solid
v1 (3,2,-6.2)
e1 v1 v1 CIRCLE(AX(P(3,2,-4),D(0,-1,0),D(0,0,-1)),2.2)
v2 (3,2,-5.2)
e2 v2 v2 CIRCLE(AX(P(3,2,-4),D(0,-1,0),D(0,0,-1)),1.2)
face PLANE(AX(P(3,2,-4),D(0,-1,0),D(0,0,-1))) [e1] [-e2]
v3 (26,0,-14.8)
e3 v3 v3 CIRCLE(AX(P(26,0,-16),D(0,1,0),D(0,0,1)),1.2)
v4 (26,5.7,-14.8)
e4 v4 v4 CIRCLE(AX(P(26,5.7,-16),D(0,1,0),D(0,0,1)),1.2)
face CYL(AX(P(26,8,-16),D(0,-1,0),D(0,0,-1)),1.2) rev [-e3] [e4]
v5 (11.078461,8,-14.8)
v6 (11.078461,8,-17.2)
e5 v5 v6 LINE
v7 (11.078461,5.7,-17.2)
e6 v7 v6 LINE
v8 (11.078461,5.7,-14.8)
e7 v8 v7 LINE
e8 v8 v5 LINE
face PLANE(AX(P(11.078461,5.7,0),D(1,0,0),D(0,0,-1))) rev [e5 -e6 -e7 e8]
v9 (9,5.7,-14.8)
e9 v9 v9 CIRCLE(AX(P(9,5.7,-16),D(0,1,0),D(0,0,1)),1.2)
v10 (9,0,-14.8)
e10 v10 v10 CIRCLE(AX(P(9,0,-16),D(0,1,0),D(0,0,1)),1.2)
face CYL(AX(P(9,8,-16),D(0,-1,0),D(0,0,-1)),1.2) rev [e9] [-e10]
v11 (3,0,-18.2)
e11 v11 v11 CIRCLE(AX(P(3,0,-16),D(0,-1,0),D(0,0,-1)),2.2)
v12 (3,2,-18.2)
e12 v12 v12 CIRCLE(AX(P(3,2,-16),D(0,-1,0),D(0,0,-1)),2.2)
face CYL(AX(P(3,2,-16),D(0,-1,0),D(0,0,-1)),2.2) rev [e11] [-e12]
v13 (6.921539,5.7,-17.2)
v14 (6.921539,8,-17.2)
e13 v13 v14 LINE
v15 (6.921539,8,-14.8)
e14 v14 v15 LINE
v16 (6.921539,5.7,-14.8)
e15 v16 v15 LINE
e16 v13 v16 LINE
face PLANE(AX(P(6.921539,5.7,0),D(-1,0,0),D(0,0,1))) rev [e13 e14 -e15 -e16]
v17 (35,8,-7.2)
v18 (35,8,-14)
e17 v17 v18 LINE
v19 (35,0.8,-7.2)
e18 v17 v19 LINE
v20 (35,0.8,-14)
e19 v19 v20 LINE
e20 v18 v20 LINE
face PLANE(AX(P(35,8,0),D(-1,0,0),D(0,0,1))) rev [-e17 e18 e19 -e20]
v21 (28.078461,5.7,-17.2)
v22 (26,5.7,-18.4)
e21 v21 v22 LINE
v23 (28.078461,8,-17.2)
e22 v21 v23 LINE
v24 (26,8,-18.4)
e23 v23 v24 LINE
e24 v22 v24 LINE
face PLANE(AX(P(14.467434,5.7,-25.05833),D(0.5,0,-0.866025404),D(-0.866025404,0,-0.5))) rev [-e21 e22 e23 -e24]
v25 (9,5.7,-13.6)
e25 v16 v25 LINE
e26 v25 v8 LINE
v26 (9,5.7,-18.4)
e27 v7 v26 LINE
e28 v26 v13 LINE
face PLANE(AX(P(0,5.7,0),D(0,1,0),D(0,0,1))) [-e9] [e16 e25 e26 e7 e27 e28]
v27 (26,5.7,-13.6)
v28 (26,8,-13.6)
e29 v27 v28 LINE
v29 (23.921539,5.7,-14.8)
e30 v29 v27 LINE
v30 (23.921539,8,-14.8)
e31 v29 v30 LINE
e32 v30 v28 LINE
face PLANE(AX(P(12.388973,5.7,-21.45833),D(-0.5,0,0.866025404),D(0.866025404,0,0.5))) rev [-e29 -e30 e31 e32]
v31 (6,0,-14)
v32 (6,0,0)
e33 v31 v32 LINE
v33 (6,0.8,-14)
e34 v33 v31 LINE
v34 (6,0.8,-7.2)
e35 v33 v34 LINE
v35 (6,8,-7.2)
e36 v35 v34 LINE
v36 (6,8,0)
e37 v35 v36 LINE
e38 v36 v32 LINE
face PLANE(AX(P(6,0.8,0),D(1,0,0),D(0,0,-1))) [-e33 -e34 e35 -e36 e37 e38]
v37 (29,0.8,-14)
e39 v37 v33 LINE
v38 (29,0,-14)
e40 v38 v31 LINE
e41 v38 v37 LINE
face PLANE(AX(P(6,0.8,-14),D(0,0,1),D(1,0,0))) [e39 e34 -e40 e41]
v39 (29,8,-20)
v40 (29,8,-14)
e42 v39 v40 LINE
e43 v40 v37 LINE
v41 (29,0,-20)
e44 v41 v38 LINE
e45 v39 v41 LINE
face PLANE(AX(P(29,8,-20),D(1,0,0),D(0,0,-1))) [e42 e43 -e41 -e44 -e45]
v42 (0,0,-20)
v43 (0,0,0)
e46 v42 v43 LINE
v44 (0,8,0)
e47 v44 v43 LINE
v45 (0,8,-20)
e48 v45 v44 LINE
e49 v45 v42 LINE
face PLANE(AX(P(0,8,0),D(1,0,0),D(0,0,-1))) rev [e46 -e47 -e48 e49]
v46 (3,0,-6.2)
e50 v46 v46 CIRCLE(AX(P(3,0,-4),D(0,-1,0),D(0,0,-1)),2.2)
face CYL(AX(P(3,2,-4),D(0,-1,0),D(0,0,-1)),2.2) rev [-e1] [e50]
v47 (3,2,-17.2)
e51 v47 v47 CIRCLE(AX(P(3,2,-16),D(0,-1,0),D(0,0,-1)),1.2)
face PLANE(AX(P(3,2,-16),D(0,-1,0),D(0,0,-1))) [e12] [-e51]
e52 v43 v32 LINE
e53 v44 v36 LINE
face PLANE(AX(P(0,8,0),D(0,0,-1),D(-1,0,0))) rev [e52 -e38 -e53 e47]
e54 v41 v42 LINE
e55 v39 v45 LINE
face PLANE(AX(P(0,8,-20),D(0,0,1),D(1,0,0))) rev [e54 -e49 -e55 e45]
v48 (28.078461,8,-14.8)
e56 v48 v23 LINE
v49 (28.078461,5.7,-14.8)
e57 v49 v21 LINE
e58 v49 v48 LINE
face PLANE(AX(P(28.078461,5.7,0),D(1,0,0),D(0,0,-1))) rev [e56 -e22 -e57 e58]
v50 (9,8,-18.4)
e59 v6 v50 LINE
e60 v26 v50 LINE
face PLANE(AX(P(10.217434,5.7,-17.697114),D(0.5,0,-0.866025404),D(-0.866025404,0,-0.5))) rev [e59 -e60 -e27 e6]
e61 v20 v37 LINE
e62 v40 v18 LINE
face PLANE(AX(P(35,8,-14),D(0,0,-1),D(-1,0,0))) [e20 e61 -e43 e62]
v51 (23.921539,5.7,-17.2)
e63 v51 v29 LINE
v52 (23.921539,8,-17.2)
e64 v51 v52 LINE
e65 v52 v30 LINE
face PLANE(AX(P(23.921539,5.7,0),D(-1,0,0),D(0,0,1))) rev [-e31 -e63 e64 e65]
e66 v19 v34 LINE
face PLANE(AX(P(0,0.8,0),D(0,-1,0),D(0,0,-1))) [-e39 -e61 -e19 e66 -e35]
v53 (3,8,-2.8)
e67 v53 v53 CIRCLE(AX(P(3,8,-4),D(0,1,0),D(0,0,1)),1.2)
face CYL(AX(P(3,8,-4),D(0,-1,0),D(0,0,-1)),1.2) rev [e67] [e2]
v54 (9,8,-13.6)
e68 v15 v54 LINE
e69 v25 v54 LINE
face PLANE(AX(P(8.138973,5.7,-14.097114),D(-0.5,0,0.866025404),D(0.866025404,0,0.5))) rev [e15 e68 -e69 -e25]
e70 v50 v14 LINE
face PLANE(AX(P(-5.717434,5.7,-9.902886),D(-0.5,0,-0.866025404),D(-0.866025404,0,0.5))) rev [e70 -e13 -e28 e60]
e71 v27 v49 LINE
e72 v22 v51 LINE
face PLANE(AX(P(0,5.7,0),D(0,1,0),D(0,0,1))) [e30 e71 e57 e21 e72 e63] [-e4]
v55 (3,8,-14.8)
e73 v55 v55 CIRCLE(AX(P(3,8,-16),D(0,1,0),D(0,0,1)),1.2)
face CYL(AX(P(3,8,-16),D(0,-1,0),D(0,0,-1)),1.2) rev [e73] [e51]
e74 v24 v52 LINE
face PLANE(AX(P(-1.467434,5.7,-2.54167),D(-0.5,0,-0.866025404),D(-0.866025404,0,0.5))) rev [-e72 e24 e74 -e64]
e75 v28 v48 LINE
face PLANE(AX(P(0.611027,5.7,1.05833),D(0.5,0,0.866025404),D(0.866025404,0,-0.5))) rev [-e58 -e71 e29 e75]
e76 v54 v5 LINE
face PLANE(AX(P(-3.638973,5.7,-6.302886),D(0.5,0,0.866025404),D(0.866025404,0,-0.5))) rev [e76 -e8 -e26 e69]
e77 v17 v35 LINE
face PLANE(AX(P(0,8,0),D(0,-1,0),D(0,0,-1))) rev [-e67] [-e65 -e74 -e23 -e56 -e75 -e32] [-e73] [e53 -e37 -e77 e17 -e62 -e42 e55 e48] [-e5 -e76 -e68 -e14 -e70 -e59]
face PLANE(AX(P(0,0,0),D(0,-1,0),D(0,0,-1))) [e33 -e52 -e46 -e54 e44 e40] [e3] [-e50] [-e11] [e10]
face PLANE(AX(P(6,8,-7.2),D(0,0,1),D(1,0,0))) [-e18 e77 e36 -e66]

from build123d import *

# Parameters (mm, degrees)
SKETCH_1_W           = 35
SKETCH_1_H           = 20
EXTRUDE_1_DEPTH      = 8
SKETCH_2_W           = 29
SKETCH_2_H           = 14
CUT_EXTRUDE_2_DEPTH  = 0.8
SKETCH_3_W           = 29
SKETCH_3_H           = 7.2
CUT_EXTRUDE_4_DEPTH  = 42.097445176
SKETCH_4_W           = 6
SKETCH_4_H           = 6
CUT_EXTRUDE_5_DEPTH  = 42.097445176
SKETCH_5_R           = 1.2
CUT_EXTRUDE_6_DEPTH  = 42.097445176
CUT_EXTRUDE_START    = 8
CUT_EXTRUDE_8_DEPTH  = 2.3
SKETCH_6_R           = 2.2
CUT_EXTRUDE_10_DEPTH = 2


with BuildPart() as part:
    # 草圖1 → 填料-伸長1 (new body)
    with BuildSketch(Plane(origin=(0, 0, 0), x_dir=(1, 0, 0), z_dir=(0, 1, 0))):
        with Locations((17.5, 10)):
            Rectangle(SKETCH_1_W, SKETCH_1_H)
    extrude(amount=EXTRUDE_1_DEPTH)

    # 草圖2 → 除料-伸長2 (cut)
    with BuildSketch(Plane(origin=(0, 0, 0), x_dir=(1, 0, 0), z_dir=(0, 1, 0))):
        with Locations((20.5, 7)):
            Rectangle(SKETCH_2_W, SKETCH_2_H)
    extrude(amount=CUT_EXTRUDE_2_DEPTH, mode=Mode.SUBTRACT)

    # 草圖3 → 除料-伸長4 (cut, through all)
    with BuildSketch(Plane(origin=(0, 0, 0), x_dir=(1, 0, 0), z_dir=(0, 1, 0))):
        with Locations((20.5, 3.6)):
            Rectangle(SKETCH_3_W, SKETCH_3_H)
    extrude(amount=CUT_EXTRUDE_4_DEPTH, mode=Mode.SUBTRACT)

    # 草圖4 → 除料-伸長5 (cut, through all)
    with BuildSketch(Plane(origin=(0, 0, 0), x_dir=(1, 0, 0), z_dir=(0, 1, 0))):
        with Locations((32, 17)):
            Rectangle(SKETCH_4_W, SKETCH_4_H)
    extrude(amount=CUT_EXTRUDE_5_DEPTH, mode=Mode.SUBTRACT)

    # 草圖5 → 除料-伸長6 (cut, through all)
    with BuildSketch(Plane(origin=(0, 0, 0), x_dir=(1, 0, 0), z_dir=(0, 1, 0))):
        with Locations(Location((3, 16, 0), (0, 0, 270))):
            Circle(SKETCH_5_R)
        with Locations(Location((3, 4, 0), (0, 0, 270))):
            Circle(SKETCH_5_R)
        with Locations(Location((9, 16, 0), (0, 0, 270))):
            Circle(SKETCH_5_R)
        with Locations(Location((26, 16, 0), (0, 0, 270))):
            Circle(SKETCH_5_R)
    extrude(amount=CUT_EXTRUDE_6_DEPTH, mode=Mode.SUBTRACT)

    # 草圖7 → 除料-伸長8 (cut)
    with BuildSketch(Plane(origin=(0, 0, 0), x_dir=(1, 0, 0), z_dir=(0, 1, 0)).offset(CUT_EXTRUDE_START)):
        Polygon((26, 18.4), (23.921539031, 17.2), (23.921539031, 14.8), (26, 13.6), (28.078460969, 14.8), (28.078460969, 17.2), align=None)
        Polygon((9, 18.4), (6.921539031, 17.2), (6.921539031, 14.8), (9, 13.6), (11.078460969, 14.8), (11.078460969, 17.2), align=None)
    extrude(amount=-CUT_EXTRUDE_8_DEPTH, mode=Mode.SUBTRACT)

    # 草圖6 → 除料-伸長10 (cut)
    with BuildSketch(Plane(origin=(0, 0, 0), x_dir=(1, 0, 0), z_dir=(0, 1, 0))):
        with Locations(Location((3, 16, 0), (0, 0, 90))):
            Circle(SKETCH_6_R)
        with Locations(Location((3, 4, 0), (0, 0, 90))):
            Circle(SKETCH_6_R)
    extrude(amount=CUT_EXTRUDE_10_DEPTH, mode=Mode.SUBTRACT)


solid = part.part
